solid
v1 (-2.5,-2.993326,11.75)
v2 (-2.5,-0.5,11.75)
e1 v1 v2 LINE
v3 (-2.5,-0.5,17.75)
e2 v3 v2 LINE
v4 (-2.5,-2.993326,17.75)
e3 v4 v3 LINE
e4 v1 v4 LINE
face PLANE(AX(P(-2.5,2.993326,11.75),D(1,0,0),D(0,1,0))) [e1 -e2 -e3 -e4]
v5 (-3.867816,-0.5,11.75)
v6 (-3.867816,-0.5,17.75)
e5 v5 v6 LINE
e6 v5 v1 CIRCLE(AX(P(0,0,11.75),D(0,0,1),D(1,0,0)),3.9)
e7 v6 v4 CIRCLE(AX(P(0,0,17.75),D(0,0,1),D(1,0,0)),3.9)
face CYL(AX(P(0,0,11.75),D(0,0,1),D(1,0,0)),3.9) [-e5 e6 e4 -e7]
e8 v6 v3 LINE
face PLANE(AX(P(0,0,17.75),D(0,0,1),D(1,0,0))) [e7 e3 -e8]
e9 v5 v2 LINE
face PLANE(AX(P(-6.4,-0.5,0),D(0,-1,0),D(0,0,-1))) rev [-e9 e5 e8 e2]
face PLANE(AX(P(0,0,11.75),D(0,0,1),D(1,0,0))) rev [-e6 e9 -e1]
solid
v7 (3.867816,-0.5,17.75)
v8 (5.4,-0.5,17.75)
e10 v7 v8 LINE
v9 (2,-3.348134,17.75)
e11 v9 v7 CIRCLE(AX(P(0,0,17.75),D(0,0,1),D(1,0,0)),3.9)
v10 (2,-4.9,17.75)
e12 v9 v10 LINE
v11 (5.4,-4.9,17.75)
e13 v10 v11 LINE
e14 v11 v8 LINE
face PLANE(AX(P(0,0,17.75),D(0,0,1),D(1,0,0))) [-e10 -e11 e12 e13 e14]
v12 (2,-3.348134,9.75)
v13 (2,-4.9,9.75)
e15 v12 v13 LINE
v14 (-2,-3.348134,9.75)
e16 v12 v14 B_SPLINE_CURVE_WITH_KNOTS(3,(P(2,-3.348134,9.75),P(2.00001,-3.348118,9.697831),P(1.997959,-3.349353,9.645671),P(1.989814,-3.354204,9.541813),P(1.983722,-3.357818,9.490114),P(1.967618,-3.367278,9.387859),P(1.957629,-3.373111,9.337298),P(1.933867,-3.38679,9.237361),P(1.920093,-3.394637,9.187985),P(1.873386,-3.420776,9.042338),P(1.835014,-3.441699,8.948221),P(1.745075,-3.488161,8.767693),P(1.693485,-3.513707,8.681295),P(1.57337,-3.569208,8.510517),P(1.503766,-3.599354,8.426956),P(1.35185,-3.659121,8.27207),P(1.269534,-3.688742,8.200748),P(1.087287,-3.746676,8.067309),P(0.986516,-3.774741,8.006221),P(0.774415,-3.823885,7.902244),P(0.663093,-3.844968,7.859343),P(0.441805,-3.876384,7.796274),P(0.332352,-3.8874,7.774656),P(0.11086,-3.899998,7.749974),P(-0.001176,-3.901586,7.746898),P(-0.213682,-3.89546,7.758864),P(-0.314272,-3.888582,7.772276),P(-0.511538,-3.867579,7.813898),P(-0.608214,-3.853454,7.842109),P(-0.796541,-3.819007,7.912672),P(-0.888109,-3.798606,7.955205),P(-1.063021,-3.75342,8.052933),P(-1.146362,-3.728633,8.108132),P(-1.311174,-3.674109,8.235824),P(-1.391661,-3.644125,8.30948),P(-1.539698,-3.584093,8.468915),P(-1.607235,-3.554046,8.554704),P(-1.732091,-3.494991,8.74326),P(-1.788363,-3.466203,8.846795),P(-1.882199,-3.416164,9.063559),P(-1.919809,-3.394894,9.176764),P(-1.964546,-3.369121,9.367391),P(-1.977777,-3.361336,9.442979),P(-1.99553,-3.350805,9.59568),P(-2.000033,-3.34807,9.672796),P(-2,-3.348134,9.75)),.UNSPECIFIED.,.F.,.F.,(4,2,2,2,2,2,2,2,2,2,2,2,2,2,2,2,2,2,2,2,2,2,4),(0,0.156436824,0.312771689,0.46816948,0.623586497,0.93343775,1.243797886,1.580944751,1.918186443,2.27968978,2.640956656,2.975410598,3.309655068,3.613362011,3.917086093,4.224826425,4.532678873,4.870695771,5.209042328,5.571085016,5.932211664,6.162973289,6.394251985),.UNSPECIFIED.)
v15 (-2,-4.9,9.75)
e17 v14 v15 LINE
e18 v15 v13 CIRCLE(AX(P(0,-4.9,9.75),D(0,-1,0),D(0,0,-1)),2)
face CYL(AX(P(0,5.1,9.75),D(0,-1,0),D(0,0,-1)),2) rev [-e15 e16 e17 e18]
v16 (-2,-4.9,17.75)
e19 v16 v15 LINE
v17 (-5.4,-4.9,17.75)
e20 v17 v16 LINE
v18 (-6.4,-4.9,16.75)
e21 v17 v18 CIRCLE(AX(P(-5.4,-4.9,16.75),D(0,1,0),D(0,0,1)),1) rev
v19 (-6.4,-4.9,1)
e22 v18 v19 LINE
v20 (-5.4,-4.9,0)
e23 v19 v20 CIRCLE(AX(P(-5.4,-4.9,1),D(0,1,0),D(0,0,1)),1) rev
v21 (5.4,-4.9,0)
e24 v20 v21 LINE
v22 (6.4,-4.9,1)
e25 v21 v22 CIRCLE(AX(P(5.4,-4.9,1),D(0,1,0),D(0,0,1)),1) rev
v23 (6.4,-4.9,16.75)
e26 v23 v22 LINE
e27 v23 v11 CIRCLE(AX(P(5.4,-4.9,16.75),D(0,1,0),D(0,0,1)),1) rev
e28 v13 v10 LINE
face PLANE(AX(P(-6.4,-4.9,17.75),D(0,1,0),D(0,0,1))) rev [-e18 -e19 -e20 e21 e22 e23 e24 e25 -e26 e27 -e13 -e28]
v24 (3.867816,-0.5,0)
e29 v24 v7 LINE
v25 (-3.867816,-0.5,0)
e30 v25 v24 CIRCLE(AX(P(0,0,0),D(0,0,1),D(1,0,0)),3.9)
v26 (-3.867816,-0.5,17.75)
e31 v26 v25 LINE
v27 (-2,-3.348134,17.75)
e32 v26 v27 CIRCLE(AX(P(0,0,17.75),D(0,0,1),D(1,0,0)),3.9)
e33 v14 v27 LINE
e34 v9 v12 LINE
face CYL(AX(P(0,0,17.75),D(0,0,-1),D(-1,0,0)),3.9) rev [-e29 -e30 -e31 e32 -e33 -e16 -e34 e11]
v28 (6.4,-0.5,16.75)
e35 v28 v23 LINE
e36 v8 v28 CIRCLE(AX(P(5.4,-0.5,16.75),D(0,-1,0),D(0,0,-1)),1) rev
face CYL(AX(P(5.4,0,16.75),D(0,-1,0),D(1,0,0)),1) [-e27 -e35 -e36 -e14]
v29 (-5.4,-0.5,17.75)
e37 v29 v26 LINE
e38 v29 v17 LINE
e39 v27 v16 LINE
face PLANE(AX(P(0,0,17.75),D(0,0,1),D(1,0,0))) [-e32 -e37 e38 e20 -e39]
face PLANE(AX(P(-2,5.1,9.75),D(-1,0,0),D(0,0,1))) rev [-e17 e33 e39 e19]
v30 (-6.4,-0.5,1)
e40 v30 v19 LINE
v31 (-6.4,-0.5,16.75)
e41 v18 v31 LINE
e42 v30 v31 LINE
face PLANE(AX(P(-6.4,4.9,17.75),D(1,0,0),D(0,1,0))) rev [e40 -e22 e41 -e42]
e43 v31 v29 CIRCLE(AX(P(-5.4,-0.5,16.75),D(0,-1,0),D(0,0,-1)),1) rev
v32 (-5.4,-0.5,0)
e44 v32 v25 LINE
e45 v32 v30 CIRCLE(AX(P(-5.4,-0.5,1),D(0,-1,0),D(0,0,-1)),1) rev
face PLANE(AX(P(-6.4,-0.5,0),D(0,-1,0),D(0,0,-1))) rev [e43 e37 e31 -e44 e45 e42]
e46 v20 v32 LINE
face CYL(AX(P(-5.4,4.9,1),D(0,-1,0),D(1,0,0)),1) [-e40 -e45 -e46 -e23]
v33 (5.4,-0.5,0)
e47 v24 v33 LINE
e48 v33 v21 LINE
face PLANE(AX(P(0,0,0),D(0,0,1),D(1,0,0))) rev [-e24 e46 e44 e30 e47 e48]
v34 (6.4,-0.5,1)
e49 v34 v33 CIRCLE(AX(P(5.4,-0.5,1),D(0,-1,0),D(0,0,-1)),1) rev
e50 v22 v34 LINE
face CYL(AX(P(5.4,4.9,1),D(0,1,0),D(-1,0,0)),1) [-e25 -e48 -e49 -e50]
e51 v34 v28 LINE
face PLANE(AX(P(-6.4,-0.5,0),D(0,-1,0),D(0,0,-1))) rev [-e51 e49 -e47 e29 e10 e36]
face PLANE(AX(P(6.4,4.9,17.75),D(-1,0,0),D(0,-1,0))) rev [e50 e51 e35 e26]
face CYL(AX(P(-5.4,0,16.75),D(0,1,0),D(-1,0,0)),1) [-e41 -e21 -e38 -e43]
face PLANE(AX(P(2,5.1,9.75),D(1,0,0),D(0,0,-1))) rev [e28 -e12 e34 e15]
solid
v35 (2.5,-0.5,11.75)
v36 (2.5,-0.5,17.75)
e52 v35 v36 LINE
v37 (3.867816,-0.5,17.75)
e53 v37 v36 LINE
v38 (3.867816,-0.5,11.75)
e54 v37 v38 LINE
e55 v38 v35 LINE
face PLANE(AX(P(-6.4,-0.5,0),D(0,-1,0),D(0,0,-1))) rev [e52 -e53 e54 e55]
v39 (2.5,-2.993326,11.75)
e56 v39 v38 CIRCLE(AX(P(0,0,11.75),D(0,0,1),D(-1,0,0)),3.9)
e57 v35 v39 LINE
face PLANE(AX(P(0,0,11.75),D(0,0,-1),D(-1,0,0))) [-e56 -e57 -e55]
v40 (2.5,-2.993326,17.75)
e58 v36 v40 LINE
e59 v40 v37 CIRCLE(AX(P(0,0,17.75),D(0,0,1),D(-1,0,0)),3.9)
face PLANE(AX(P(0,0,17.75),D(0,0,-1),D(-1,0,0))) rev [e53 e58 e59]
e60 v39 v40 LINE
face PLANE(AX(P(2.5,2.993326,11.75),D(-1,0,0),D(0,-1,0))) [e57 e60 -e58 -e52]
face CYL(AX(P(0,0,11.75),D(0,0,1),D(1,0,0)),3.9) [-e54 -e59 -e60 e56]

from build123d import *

# Parameters (mm, degrees)
SKETCH1_W             = 12.8
SKETCH1_H             = 9.8
SKETCH1_R             = 3.9
BOSS_EXTRUDE1_DEPTH   = 17.75
CUT_EXTRUDE4_DEPTH    = 10
BOSS_EXTRUDE3_DEPTH   = 6
BOSS_EXTRUDE3_2_DEPTH = 6
FILLET1_R             = 1
SKETCH10_W            = 12.8
SKETCH10_H            = 1
CUT_EXTRUDE5_DEPTH    = 20.494422395
SKETCH11_W            = 19.0923633
SKETCH11_H            = 7.42480795
CUT_EXTRUDE6_DEPTH    = 23.425710792


with BuildPart() as part:
    # Sketch1 → Boss-Extrude1 (new body)
    with BuildSketch(Plane.XY):
        Rectangle(SKETCH1_W, SKETCH1_H)
        Circle(SKETCH1_R, mode=Mode.SUBTRACT)
    extrude(amount=BOSS_EXTRUDE1_DEPTH)

    # Sketch6 → Cut-Extrude4 (cut)
    with BuildSketch(Plane(origin=(0, -4.9, 0), x_dir=(-1, 0, 0), z_dir=(0, -1, 0))):
        with BuildLine():
            Line((2, -9.75), (2, -17.75))
            ThreePointArc((2, -17.75), (0, -19.75), (-2, -17.75))
            Line((-2, -17.75), (-2, -9.75))
            ThreePointArc((-2, -9.75), (0, -7.75), (2, -9.75))
        make_face()
    extrude(amount=-CUT_EXTRUDE4_DEPTH, mode=Mode.SUBTRACT)

    # Fillet1
    fillet1_edges = [part.edges().sort_by_distance(p)[0] for p in [
        (-6.4, 0, 17.75),
        (6.4, 0, 17.75),
        (-6.4, 0, 0),
        (6.4, 0, 0),
    ]]
    fillet(fillet1_edges, radius=FILLET1_R)


with BuildPart() as body_2:
    # Sketch9 → Boss-Extrude3 (new body)
    with BuildSketch(Plane.XY.offset(17.75)):
        with BuildLine():
            Line((-2.5, 2.993325909), (-2.5, -2.993325909))
            ThreePointArc((-2.5, -2.993325909), (-3.9, 0), (-2.5, 2.993325909))
        make_face()
    extrude(amount=-BOSS_EXTRUDE3_DEPTH)


with BuildPart() as body_3:
    # Sketch9 → Boss-Extrude3 2 (new body)
    with BuildSketch(Plane.XY.offset(17.75)):
        with BuildLine():
            Line((2.5, 2.993325909), (2.5, -2.993325909))
            ThreePointArc((2.5, -2.993325909), (3.9, 0), (2.5, 2.993325909))
        make_face()
    extrude(amount=-BOSS_EXTRUDE3_2_DEPTH)


with BuildPart() as cut_extrude5_tool:
    # Sketch10 → Cut-Extrude5 (new, through all)
    with BuildSketch(Plane.XY.offset(17.75)):
        Rectangle(SKETCH10_W, SKETCH10_H)
    extrude(amount=-CUT_EXTRUDE5_DEPTH)


with BuildPart() as part_1:
    add(part.part)

    # Cut-Extrude5: cut by cut_extrude5_tool
    add(cut_extrude5_tool.part, mode=Mode.SUBTRACT)


with BuildPart() as body_2_1:
    add(body_2.part)

    # Cut-Extrude5: cut by cut_extrude5_tool
    add(cut_extrude5_tool.part, mode=Mode.SUBTRACT)


with BuildPart() as body_3_1:
    add(body_3.part)

    # Cut-Extrude5: cut by cut_extrude5_tool
    add(cut_extrude5_tool.part, mode=Mode.SUBTRACT)


with BuildPart() as cut_extrude5_piece_1:
    # of the separate pieces the step leaves, piece 1, a body of its own (cut_extrude5_pieces)
    add(part_1.part.solids().sort_by_distance((-5.4, -4.9, 0))[0])


with BuildPart() as cut_extrude5_piece_2:
    # of the separate pieces the step leaves, piece 2, a body of its own (cut_extrude5_pieces)
    add(part_1.part.solids().sort_by_distance((-5.4, 4.9, 0))[0])


with BuildPart() as cut_extrude5_piece_1_of_body_2:
    # of the separate pieces the step leaves, piece 1, a body of its own (cut_extrude5_pieces_of_body_2)
    add(body_2_1.part.solids().sort_by_distance((-2.5, -0.5, 17.75))[0])


with BuildPart() as cut_extrude5_piece_2_of_body_2:
    # of the separate pieces the step leaves, piece 2, a body of its own (cut_extrude5_pieces_of_body_2)
    add(body_2_1.part.solids().sort_by_distance((-2.5, 2.993325909, 17.75))[0])


with BuildPart() as cut_extrude5_piece_1_of_body_3:
    # of the separate pieces the step leaves, piece 1, a body of its own (cut_extrude5_pieces_of_body_3)
    add(body_3_1.part.solids().sort_by_distance((2.5, -0.5, 17.75))[0])


with BuildPart() as cut_extrude5_piece_2_of_body_3:
    # of the separate pieces the step leaves, piece 2, a body of its own (cut_extrude5_pieces_of_body_3)
    add(body_3_1.part.solids().sort_by_distance((2.5, 2.993325909, 17.75))[0])


with BuildPart() as cut_extrude6_tool:
    # Sketch11 → Cut-Extrude6 (new, through all)
    with BuildSketch(Plane(origin=(6.4, 0, 0), x_dir=(0, 0, -1), z_dir=(1, 0, 0))):
        with Locations((-8.735389822, 3.368397429)):
            Rectangle(SKETCH11_W, SKETCH11_H)
    extrude(amount=-CUT_EXTRUDE6_DEPTH)


with BuildPart() as cut_extrude5_piece_2_1:
    add(cut_extrude5_piece_2.part)

    # Cut-Extrude6: cut by cut_extrude6_tool
    add(cut_extrude6_tool.part, mode=Mode.SUBTRACT)


with BuildPart() as cut_extrude5_piece_2_of_body_2_1:
    add(cut_extrude5_piece_2_of_body_2.part)

    # Cut-Extrude6: cut by cut_extrude6_tool
    add(cut_extrude6_tool.part, mode=Mode.SUBTRACT)


with BuildPart() as cut_extrude5_piece_2_of_body_3_1:
    add(cut_extrude5_piece_2_of_body_3.part)

    # Cut-Extrude6: cut by cut_extrude6_tool
    add(cut_extrude6_tool.part, mode=Mode.SUBTRACT)


solid = Compound([cut_extrude5_piece_1.part, cut_extrude5_piece_1_of_body_2.part, cut_extrude5_piece_1_of_body_3.part])
